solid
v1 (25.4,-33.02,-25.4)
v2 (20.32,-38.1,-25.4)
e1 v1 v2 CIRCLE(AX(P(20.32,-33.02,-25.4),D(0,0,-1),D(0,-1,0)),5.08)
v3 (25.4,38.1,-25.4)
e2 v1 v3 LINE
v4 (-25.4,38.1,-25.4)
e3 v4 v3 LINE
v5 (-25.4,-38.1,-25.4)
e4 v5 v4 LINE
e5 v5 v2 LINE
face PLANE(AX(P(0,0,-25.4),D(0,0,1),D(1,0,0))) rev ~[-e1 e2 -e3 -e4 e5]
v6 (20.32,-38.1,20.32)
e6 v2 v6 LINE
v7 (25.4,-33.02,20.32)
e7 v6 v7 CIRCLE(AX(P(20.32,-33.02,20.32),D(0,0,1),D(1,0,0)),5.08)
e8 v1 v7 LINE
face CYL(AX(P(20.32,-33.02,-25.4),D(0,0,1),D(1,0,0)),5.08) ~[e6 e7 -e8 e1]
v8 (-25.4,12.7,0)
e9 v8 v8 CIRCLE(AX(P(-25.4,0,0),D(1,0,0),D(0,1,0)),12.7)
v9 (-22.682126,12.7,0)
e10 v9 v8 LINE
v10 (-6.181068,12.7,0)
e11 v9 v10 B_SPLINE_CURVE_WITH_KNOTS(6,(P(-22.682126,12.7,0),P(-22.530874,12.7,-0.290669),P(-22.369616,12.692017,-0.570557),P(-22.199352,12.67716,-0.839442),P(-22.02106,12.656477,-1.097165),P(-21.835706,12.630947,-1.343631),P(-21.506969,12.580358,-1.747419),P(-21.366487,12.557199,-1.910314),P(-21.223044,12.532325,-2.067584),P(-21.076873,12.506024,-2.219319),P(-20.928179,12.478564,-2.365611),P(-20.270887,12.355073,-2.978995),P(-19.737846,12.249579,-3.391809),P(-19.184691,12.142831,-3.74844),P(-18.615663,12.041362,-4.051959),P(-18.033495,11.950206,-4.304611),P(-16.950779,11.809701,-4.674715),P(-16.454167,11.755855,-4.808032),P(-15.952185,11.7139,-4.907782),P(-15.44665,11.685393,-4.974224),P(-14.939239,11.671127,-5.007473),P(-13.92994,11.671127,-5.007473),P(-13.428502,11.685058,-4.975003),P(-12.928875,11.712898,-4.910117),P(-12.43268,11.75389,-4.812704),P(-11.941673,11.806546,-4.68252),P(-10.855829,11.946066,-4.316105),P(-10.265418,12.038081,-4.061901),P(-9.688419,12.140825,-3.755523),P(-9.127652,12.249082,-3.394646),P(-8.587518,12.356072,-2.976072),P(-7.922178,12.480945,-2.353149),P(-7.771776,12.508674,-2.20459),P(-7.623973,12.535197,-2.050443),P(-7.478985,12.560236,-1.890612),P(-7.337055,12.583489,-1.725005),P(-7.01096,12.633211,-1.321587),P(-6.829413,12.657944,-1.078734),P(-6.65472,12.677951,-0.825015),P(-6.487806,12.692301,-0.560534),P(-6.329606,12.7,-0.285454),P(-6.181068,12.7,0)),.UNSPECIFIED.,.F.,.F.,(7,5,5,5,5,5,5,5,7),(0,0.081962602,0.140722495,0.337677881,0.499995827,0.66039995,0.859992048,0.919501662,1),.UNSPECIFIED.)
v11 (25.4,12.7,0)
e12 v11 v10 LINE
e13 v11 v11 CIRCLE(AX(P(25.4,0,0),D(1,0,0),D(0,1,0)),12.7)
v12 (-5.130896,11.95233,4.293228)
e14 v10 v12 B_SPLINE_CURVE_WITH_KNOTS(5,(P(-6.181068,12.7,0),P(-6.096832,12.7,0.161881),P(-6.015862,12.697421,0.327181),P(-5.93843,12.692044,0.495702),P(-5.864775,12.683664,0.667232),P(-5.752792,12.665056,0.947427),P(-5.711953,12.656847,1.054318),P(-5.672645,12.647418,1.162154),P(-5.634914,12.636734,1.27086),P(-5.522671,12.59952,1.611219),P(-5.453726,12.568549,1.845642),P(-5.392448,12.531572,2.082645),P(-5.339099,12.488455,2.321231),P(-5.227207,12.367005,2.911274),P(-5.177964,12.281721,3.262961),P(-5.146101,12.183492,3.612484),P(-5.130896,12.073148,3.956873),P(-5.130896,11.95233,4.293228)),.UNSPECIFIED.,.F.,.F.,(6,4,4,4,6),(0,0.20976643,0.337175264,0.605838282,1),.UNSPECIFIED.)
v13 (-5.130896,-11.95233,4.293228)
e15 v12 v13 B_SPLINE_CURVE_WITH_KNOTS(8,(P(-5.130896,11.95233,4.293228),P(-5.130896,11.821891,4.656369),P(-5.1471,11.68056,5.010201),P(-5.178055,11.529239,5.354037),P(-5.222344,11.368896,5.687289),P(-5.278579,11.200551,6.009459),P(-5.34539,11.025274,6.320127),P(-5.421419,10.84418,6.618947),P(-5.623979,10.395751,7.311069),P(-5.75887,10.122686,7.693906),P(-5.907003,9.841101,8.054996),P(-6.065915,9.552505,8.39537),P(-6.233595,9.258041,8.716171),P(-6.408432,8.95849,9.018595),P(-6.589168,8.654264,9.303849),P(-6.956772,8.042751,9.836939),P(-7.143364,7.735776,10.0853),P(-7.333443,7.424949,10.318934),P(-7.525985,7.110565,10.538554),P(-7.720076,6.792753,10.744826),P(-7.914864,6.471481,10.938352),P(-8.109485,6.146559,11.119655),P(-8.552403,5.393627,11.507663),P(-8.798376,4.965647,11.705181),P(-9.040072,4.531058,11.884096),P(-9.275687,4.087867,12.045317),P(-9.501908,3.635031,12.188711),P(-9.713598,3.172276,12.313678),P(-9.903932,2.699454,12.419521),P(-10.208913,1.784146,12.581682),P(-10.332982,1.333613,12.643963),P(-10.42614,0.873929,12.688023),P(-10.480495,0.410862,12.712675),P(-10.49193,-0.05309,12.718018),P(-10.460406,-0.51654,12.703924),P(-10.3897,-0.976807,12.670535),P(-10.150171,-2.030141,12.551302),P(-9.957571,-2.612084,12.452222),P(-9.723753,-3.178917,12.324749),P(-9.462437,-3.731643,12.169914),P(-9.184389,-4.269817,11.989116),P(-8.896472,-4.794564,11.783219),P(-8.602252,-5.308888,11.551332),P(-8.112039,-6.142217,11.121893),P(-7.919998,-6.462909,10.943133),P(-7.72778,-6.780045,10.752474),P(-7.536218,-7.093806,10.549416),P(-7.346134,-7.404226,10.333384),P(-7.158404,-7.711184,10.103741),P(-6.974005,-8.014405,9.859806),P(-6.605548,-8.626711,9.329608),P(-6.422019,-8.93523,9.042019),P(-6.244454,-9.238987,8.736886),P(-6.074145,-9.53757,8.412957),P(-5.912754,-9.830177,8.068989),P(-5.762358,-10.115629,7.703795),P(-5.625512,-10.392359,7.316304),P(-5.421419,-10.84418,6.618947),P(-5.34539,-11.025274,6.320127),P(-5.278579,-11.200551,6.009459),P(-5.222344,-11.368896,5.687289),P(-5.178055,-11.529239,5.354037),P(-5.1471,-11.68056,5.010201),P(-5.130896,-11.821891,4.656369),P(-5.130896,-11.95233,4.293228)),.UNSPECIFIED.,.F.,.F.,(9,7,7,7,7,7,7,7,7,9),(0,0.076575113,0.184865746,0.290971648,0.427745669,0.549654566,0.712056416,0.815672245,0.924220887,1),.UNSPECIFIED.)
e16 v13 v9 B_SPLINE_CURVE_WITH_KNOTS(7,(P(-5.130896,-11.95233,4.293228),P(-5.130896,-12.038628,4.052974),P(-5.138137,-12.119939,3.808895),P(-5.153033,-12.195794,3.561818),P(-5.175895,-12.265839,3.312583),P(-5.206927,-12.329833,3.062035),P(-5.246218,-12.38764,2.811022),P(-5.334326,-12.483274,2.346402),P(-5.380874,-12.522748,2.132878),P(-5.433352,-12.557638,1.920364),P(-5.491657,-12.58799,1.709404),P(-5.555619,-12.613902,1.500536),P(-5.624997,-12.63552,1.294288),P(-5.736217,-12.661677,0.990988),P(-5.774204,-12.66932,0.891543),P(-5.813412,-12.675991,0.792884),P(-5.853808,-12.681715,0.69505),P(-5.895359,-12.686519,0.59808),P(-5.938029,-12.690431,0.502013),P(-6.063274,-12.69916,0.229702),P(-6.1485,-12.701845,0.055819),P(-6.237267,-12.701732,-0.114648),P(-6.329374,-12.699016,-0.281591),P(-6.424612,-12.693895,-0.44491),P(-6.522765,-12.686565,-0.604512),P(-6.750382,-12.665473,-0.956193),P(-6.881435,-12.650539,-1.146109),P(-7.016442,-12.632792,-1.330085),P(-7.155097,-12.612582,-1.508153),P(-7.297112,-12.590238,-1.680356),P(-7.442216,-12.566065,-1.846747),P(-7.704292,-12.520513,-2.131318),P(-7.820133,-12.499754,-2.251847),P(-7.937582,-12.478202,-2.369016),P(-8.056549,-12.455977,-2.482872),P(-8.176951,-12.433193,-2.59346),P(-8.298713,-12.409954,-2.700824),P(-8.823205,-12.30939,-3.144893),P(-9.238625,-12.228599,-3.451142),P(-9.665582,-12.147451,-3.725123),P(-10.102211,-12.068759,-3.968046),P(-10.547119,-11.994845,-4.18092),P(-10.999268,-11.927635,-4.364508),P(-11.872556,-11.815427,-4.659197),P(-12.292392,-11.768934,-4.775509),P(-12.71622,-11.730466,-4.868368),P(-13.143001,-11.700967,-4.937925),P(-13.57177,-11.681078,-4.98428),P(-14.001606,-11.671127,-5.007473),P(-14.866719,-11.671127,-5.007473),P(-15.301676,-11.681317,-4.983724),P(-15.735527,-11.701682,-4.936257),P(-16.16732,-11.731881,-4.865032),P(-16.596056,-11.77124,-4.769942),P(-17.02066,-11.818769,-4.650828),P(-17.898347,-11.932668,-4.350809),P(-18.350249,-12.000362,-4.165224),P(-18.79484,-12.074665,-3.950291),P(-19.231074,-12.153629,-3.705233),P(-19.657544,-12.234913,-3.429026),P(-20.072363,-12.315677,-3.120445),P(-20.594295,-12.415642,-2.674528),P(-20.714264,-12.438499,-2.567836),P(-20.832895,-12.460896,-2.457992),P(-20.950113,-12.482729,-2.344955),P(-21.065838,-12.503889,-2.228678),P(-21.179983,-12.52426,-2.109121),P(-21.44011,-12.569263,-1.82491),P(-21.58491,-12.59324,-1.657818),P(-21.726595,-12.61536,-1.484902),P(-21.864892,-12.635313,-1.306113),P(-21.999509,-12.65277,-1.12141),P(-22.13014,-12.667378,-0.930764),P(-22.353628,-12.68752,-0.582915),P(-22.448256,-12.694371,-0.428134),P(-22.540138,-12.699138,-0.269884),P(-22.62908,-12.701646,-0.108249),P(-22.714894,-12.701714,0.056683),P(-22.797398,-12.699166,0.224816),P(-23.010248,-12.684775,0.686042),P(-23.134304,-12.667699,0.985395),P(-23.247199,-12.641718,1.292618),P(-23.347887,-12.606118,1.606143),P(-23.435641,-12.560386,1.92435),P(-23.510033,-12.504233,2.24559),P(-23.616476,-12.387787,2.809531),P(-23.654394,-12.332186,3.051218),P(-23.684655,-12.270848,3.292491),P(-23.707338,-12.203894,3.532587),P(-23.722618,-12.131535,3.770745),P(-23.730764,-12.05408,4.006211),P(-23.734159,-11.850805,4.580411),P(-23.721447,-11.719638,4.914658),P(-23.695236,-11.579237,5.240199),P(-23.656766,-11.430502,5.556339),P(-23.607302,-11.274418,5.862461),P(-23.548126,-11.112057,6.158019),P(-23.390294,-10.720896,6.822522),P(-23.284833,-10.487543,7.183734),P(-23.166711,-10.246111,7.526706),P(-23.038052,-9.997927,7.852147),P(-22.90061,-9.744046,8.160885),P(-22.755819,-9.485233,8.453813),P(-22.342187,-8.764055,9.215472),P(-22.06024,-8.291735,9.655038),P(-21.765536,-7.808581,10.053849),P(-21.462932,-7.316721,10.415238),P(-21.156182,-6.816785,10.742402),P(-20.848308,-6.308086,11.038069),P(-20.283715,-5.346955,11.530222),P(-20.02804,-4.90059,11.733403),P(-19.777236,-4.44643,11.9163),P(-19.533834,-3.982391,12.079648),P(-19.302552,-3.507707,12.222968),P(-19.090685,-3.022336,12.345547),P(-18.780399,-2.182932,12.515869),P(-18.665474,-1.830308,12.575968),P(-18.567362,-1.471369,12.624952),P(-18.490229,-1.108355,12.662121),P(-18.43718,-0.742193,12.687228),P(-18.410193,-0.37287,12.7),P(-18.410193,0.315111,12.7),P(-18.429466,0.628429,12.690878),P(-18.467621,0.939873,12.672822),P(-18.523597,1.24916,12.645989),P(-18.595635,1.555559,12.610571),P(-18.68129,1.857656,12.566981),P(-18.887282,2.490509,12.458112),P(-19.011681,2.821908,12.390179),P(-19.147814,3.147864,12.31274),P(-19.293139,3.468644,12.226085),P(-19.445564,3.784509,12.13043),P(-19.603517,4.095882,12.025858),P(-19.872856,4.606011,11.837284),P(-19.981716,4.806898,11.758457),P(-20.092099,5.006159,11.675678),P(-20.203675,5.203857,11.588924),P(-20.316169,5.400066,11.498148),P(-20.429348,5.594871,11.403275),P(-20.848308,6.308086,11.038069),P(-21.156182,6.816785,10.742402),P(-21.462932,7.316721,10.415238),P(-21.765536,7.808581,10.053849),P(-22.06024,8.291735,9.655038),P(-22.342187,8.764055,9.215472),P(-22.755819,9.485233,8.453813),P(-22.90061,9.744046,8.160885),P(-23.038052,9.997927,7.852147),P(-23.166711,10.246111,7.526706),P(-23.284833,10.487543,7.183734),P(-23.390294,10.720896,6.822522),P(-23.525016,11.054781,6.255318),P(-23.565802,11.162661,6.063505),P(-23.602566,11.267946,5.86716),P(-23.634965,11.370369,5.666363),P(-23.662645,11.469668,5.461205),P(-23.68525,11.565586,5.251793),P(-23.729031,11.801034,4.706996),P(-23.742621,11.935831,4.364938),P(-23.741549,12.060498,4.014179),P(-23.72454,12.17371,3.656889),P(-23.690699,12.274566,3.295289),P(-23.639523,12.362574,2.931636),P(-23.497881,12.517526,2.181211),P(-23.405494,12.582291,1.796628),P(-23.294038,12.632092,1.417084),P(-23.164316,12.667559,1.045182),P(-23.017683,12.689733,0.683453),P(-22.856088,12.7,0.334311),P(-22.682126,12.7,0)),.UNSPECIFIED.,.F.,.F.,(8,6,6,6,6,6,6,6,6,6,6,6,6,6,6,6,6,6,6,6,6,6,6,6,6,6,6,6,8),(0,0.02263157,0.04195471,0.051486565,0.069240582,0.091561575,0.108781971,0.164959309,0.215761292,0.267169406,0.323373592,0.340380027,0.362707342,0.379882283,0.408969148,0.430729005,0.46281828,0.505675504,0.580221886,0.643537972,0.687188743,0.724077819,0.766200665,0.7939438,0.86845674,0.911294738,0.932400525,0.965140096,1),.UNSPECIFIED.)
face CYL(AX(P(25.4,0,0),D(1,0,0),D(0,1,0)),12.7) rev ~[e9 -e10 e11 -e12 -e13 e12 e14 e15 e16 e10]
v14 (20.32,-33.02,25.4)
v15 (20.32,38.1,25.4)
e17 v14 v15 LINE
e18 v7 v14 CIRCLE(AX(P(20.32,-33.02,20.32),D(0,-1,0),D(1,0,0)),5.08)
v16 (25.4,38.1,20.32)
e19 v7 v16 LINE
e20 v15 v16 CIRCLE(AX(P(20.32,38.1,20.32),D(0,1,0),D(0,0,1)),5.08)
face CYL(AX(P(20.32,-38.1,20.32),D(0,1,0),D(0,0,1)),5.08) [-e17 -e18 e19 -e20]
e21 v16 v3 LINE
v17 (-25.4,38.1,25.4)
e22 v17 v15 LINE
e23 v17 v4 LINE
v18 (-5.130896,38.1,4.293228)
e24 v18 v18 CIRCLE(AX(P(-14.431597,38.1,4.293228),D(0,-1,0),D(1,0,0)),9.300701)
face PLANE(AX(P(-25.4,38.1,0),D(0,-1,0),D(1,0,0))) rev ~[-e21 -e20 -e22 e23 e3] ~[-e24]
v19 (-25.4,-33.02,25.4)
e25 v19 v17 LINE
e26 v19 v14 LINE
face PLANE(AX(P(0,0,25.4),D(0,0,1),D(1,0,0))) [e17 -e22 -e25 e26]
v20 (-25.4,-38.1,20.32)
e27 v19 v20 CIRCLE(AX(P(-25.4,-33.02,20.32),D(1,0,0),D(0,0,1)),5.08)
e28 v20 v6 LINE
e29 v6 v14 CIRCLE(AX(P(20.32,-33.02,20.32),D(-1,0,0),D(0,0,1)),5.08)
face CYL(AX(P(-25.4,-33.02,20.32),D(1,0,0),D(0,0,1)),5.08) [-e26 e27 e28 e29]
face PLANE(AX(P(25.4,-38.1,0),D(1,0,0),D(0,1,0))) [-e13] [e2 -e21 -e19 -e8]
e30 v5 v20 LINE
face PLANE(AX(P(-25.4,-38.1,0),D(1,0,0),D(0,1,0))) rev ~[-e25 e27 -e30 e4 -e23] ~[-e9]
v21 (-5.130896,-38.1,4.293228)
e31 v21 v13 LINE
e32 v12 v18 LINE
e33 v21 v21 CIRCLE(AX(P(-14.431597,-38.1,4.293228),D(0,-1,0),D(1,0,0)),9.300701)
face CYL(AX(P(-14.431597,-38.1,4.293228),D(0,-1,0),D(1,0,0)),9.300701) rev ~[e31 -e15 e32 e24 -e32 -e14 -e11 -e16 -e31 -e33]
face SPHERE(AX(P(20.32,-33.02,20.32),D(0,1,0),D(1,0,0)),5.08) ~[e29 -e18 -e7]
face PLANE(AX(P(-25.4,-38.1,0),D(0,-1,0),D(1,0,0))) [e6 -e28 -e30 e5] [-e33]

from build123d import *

# Parameters (mm, degrees)
F0_W     = 50.8
F0_H     = 76.2
F1_DEPTH = 25.4
F2_R     = 5.08
F3_R     = 12.7
F4_DEPTH = 50.801
F5_R     = 9.300701
F6_DEPTH = 76.201


with BuildPart() as f1:
    # F0 (on Top) → F1 (new body, symmetric)
    with BuildSketch(Plane.XY):
        Rectangle(F0_W, F0_H)
    extrude(amount=F1_DEPTH, both=True)

    # F2
    f2_edges = [f1.edges().sort_by_distance(p)[0] for p in [
        (25.4, 0, 25.4),
        (25.4, -38.1, 0),
        (0, -38.1, 25.4),
    ]]
    fillet(f2_edges, radius=F2_R)

    # F3 (on face) → F4 (cut, through all)
    with BuildSketch(Plane.YZ.offset(25.4)):
        Circle(F3_R)
    extrude(amount=-F4_DEPTH, mode=Mode.SUBTRACT)

    # F5 (on face) → F6 (cut, through all)
    with BuildSketch(Plane.XZ.offset(38.1)):
        with Locations((-14.431597, 4.293228)):
            Circle(F5_R)
    extrude(amount=-F6_DEPTH, mode=Mode.SUBTRACT)


solid = f1.part
